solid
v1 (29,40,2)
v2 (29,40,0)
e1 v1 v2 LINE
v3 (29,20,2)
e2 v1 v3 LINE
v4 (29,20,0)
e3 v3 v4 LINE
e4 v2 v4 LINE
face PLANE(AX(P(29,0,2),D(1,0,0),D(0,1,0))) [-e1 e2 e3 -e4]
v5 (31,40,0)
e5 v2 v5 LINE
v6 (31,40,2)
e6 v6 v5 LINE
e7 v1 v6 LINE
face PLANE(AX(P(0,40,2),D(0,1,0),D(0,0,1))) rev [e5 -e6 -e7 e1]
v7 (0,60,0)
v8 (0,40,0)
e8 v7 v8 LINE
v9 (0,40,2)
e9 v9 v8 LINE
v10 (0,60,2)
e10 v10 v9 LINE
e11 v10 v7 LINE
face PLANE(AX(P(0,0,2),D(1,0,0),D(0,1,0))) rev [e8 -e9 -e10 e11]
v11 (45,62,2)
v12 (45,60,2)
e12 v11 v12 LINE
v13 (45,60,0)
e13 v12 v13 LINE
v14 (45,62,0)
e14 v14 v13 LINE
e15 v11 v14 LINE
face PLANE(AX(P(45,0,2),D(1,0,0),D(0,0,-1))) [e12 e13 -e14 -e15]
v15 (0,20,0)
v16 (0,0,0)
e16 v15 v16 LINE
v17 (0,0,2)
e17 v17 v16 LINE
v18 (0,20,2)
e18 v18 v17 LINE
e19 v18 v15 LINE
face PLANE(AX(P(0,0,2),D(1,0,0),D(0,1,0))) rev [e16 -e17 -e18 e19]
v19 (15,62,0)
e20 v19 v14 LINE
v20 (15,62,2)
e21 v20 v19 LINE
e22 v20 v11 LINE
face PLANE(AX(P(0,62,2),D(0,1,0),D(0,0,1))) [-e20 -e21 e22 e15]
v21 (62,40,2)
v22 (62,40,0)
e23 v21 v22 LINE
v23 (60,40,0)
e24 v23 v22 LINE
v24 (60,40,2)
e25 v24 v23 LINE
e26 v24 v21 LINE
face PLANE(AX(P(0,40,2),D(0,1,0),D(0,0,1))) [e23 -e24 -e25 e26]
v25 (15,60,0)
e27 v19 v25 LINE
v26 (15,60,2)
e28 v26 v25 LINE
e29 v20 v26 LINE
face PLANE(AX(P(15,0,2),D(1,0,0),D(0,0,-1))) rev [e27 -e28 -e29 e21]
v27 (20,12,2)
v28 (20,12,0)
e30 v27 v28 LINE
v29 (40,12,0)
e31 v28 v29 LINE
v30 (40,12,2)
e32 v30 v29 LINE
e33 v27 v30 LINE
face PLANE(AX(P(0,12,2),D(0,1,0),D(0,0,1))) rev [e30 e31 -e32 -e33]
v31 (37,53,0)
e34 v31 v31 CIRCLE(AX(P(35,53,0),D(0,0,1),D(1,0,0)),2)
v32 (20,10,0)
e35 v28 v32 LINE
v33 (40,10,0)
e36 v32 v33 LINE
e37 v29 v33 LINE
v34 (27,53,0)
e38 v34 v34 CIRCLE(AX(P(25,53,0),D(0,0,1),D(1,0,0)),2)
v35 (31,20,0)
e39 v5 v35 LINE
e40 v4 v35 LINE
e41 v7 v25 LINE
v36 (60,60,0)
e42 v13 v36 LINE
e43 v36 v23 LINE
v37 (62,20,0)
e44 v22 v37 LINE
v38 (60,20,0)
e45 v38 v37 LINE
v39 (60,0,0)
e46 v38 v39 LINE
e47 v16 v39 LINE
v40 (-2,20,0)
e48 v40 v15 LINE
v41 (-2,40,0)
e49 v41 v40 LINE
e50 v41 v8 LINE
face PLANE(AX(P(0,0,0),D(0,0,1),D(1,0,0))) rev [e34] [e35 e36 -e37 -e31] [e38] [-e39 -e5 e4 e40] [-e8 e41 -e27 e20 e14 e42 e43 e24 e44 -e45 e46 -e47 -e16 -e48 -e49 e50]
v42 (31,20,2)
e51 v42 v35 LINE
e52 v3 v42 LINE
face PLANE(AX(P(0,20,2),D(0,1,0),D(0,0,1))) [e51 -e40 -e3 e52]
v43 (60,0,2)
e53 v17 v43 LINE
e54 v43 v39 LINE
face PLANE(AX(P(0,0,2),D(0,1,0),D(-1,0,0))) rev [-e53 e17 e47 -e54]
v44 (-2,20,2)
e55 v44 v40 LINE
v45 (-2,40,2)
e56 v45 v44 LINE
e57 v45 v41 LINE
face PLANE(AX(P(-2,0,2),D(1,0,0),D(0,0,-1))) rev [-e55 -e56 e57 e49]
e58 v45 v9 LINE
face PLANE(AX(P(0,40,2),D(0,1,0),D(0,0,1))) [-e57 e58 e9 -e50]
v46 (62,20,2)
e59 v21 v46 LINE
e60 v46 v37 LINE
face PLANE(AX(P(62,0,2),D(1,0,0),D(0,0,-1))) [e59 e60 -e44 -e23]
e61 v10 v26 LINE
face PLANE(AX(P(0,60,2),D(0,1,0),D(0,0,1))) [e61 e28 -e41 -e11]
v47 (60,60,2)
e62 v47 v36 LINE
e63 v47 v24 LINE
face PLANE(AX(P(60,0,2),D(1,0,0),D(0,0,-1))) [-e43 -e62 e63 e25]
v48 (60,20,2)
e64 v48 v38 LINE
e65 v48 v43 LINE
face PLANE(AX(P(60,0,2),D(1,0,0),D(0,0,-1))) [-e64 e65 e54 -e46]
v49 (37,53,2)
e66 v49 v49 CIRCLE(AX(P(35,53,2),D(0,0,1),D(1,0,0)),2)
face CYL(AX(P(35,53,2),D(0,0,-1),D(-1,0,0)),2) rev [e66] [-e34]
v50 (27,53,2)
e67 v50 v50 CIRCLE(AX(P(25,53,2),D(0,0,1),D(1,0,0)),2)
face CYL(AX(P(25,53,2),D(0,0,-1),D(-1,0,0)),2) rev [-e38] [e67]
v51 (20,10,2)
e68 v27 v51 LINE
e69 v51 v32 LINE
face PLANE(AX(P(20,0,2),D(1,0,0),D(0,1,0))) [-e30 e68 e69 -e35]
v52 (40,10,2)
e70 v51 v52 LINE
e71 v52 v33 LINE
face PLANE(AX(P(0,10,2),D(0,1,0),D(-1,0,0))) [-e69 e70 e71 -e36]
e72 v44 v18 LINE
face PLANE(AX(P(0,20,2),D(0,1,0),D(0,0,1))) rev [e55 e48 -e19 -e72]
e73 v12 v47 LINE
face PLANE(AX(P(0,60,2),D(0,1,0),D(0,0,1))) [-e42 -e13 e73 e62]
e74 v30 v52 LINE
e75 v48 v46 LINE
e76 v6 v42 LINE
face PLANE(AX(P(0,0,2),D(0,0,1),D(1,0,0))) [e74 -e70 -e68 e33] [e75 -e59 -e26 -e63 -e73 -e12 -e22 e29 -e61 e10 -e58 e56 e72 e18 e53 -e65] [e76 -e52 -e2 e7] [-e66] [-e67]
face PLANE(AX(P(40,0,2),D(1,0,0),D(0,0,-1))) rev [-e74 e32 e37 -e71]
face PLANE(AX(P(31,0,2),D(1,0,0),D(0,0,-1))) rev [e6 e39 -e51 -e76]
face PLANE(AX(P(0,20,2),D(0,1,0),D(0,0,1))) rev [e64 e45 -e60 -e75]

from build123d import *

# Parameters (mm, degrees)
SKETCH_2_W      = 60
SKETCH_2_H      = 60
SKETCH_2_R      = 2
SKETCH_2_W_2    = 20
SKETCH_2_H_2    = 2
SKETCH_2_W_3    = 2
SKETCH_2_H_3    = 20
SKETCH_2_W_4    = 30
EXTRUDE_1_DEPTH = 2


with BuildPart() as part:
    # 草图2 → 凸台-拉伸1 (new body)
    # profile 1 of 4: a face of its own
    with BuildSketch(Plane.XY):
        with Locations((30, 30)):
            Rectangle(SKETCH_2_W, SKETCH_2_H)
        with Locations((25, 53)):
            Circle(SKETCH_2_R, mode=Mode.SUBTRACT)
        with Locations((35, 53)):
            Circle(SKETCH_2_R, mode=Mode.SUBTRACT)
        with Locations((30, 11)):
            Rectangle(SKETCH_2_W_2, SKETCH_2_H_2, mode=Mode.SUBTRACT)
        with Locations((30, 30)):
            Rectangle(SKETCH_2_W_3, SKETCH_2_H_3, mode=Mode.SUBTRACT)
    # profile 2 of 4: a face of its own
    with BuildSketch(Plane.XY):
        with Locations((30, 61)):
            Rectangle(SKETCH_2_W_4, SKETCH_2_H_2)
    # profile 3 of 4: a face of its own
    with BuildSketch(Plane.XY):
        with Locations((-1, 30)):
            Rectangle(SKETCH_2_W_3, SKETCH_2_H_3)
    # profile 4 of 4: a face of its own
    with BuildSketch(Plane.XY):
        with Locations((61, 30)):
            Rectangle(SKETCH_2_W_3, SKETCH_2_H_3)
    extrude(amount=EXTRUDE_1_DEPTH)


solid = part.part
